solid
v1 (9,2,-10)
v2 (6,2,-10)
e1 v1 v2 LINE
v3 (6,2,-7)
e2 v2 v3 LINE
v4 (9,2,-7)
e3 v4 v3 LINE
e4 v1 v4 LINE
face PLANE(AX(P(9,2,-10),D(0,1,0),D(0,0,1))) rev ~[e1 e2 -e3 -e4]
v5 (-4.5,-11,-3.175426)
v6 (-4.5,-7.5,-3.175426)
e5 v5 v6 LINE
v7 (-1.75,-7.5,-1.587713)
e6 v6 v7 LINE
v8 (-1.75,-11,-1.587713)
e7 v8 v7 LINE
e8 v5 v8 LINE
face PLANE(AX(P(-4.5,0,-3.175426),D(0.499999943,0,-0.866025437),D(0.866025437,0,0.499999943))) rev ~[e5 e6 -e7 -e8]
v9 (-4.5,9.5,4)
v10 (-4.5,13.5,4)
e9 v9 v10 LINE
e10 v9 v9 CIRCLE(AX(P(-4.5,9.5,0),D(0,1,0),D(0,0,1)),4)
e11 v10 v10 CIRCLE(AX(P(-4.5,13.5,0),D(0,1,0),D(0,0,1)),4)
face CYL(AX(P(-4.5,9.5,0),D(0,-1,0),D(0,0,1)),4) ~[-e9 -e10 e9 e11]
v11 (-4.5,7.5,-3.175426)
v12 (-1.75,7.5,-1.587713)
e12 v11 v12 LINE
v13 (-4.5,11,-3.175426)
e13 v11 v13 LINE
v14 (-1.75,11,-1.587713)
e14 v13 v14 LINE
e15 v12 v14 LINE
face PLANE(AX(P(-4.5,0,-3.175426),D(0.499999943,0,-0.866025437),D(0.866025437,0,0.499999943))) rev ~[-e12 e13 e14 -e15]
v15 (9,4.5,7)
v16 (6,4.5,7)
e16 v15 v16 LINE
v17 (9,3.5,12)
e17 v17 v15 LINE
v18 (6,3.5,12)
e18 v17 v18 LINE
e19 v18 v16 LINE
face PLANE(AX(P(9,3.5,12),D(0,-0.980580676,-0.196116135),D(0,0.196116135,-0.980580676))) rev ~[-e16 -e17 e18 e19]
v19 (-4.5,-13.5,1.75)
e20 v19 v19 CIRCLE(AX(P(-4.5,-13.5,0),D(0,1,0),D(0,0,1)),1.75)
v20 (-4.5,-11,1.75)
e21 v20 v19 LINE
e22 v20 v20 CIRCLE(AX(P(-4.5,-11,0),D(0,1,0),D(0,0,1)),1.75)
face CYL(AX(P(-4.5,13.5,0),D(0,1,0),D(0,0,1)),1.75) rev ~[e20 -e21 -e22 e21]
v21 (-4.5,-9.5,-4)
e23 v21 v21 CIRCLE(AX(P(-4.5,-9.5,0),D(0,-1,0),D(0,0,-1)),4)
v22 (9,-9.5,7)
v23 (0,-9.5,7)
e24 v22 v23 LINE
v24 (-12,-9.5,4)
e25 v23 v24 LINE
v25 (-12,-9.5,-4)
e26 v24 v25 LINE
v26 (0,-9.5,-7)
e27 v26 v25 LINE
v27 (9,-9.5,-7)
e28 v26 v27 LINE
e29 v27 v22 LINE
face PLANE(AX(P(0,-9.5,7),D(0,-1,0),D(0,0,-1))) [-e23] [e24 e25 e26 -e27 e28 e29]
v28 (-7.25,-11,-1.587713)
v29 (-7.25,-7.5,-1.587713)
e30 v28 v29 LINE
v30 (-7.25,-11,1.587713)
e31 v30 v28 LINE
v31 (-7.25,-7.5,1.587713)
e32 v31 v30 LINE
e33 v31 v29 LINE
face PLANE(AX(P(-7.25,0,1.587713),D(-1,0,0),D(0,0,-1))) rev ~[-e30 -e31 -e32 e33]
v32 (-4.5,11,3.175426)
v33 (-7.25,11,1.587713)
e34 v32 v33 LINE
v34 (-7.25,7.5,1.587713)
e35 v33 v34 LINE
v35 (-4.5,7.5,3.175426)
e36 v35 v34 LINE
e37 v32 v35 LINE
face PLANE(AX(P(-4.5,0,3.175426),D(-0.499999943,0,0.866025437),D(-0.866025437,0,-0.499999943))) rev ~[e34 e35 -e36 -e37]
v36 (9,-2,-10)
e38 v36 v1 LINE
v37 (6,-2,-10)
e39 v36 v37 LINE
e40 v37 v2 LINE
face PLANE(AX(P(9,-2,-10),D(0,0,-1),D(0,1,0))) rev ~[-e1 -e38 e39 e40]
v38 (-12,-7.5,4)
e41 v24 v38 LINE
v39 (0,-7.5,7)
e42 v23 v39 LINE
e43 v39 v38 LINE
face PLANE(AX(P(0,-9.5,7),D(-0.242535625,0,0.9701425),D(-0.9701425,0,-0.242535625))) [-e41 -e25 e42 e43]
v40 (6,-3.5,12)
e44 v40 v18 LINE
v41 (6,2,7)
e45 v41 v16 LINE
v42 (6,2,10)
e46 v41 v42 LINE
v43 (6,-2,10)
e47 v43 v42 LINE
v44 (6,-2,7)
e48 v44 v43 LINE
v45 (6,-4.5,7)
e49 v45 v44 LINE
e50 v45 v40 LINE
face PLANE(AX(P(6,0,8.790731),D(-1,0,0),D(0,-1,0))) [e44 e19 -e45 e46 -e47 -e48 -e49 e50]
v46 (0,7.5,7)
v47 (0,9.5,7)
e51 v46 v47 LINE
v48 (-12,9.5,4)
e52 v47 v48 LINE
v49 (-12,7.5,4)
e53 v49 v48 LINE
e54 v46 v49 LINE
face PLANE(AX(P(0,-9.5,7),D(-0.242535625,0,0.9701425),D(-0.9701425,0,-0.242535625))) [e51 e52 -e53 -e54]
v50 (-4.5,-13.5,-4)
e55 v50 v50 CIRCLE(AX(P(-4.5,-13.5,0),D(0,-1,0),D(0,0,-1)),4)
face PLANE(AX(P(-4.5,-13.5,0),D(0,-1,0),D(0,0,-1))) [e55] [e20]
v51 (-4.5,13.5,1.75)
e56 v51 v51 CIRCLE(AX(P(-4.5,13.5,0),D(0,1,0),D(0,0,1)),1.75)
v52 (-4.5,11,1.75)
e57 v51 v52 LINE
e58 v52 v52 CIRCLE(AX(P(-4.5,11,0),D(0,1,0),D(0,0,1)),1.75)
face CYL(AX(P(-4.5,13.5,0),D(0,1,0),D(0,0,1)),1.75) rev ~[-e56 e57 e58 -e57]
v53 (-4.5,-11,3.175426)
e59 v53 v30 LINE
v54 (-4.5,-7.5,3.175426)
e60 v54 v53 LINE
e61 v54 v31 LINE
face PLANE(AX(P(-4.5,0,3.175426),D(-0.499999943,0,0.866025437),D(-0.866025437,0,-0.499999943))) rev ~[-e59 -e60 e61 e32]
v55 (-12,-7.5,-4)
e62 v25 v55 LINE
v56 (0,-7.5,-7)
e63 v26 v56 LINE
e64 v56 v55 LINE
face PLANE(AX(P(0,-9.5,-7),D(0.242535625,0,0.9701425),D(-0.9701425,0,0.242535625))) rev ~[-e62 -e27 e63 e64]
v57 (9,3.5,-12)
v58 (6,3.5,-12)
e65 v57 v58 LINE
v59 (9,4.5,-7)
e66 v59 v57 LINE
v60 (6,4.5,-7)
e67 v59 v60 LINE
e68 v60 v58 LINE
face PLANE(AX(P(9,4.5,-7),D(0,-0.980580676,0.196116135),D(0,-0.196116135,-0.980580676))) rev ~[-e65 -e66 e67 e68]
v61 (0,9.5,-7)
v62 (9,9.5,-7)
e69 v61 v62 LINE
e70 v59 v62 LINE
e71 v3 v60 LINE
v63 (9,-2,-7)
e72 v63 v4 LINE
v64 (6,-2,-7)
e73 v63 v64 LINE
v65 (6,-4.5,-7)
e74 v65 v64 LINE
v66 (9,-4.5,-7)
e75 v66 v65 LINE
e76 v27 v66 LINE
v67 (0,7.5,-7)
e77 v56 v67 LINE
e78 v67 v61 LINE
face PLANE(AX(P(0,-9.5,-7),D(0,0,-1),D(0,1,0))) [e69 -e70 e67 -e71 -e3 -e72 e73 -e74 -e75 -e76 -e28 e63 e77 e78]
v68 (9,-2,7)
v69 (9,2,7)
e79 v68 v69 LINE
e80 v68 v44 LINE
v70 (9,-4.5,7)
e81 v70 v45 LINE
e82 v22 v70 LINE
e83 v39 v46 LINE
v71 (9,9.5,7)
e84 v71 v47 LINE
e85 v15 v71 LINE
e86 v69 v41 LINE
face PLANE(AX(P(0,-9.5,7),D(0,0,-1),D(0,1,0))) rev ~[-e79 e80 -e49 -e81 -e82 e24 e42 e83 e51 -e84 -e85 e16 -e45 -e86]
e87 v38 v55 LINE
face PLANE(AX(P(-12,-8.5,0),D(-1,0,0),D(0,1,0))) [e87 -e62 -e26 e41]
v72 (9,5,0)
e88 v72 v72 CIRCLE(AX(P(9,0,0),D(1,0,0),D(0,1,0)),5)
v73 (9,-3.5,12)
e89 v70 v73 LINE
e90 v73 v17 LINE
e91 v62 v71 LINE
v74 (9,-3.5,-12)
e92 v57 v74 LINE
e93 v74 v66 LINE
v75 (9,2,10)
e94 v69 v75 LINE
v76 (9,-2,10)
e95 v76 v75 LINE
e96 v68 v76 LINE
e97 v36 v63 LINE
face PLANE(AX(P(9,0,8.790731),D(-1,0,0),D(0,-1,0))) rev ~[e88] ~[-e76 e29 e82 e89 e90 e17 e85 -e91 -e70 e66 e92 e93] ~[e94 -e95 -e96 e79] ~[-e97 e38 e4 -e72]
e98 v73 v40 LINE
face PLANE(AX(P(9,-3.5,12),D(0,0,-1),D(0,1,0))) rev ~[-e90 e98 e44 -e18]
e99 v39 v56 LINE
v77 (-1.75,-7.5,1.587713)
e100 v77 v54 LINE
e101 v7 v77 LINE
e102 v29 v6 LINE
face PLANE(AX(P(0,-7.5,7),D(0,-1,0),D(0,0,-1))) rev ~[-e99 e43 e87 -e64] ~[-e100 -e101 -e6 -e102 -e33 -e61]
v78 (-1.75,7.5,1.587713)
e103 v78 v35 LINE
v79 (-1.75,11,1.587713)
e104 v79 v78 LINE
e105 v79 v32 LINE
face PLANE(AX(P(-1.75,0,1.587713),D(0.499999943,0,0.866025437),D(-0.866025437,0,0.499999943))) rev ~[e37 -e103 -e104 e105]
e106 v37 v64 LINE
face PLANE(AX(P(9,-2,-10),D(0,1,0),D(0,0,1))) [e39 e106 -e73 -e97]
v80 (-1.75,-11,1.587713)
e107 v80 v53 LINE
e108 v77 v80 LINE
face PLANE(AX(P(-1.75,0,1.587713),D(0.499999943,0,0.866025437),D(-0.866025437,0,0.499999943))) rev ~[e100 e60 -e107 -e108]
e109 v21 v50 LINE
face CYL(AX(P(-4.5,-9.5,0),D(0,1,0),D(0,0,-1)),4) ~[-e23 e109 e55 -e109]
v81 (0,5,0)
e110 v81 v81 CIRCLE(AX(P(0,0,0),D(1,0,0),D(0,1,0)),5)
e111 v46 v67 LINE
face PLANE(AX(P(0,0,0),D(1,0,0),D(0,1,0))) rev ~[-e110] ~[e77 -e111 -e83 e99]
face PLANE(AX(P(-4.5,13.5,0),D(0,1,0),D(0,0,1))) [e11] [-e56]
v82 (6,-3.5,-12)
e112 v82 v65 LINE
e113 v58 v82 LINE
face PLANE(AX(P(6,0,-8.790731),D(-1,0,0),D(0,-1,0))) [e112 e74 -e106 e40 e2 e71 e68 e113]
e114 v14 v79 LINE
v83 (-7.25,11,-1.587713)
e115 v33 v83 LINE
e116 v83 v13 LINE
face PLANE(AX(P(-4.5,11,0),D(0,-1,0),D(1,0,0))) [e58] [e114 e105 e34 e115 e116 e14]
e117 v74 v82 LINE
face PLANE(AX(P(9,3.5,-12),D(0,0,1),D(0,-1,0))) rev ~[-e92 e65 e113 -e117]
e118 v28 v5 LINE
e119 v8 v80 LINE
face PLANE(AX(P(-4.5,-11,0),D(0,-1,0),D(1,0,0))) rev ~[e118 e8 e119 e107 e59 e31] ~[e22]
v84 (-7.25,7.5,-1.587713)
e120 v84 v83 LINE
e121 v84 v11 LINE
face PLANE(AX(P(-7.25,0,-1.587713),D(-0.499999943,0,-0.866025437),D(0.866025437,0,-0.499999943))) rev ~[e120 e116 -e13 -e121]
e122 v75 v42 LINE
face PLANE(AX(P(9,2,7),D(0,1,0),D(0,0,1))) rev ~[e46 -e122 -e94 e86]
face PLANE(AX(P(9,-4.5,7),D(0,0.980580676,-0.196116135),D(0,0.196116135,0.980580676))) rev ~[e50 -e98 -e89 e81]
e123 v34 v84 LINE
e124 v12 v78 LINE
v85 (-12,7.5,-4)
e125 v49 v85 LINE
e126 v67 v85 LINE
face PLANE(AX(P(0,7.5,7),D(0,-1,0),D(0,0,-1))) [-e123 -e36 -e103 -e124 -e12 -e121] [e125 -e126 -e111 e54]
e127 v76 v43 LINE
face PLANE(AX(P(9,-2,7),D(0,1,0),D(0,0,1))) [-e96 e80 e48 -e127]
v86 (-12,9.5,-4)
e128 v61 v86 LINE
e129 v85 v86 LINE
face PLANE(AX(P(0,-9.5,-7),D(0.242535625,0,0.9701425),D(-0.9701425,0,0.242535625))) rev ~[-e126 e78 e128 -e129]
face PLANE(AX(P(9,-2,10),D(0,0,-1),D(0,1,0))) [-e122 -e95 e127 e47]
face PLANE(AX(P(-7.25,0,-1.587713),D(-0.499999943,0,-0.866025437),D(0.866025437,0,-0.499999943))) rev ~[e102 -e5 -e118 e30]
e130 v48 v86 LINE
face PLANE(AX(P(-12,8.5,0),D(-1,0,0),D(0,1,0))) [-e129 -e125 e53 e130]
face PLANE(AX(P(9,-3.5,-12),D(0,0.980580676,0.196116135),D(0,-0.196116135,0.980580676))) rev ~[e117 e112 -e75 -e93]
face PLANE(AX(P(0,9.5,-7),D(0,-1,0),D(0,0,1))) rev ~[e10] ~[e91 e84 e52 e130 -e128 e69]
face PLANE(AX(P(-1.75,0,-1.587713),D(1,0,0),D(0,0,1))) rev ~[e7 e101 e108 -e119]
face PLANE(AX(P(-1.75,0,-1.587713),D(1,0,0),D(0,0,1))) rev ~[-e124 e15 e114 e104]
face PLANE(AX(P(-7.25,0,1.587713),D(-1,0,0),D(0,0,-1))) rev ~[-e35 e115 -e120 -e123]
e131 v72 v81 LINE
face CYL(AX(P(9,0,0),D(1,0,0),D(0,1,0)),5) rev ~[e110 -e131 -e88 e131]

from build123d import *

# Parameters (mm, degrees)
SKETCH_W        = 19
SKETCH_H        = 14
PAD_DEPTH       = 9
SKETCH001_R     = 5
POCKET_DEPTH    = 9
SKETCH002_W     = 2
SKETCH002_H     = 14
PAD001_DEPTH    = 12
POCKET001_DEPTH = 19.001
SKETCH004_R     = 4
PAD002_DEPTH    = 4
SKETCH005_R     = 4
PAD003_DEPTH    = 4
SKETCH006_R     = 1.75
POCKET002_DEPTH = 27.001
POCKET003_DEPTH = 11
SKETCH008_W     = 4
SKETCH008_H     = 3
PAD004_DEPTH    = 3


with BuildPart() as part:
    # Sketch → Pad (new body)
    with BuildSketch(Plane.YZ):
        Rectangle(SKETCH_W, SKETCH_H)
    extrude(amount=PAD_DEPTH)

    # Sketch001 (on Face6 of Pad) → Pocket (cut)
    with BuildSketch(Plane.YZ.offset(9)):
        Circle(SKETCH001_R)
    extrude(amount=-POCKET_DEPTH, mode=Mode.SUBTRACT)

    # Sketch002 (on Face4 of Pocket) → Pad001 (join)
    with BuildSketch(Plane(origin=(0, 0, 0), x_dir=(0, 1, 0), z_dir=(-1, 0, 0))):
        with Locations((-8.5, 0)):
            Rectangle(SKETCH002_W, SKETCH002_H)
        with Locations((8.5, 0)):
            Rectangle(SKETCH002_W, SKETCH002_H)
    extrude(amount=PAD001_DEPTH)

    # Sketch003 (on Face9 of Pad001) → Pocket001 (cut, through all)
    with BuildSketch(Plane(origin=(0, -9.5, 0), x_dir=(0, 0, -1), z_dir=(0, -1, 0))):
        Polygon((-4, -12), (-7, -12), (-7, 0), align=None)
        Polygon((7, 0), (4, -12), (7, -12), align=None)
    extrude(amount=-POCKET001_DEPTH, mode=Mode.SUBTRACT)

    # Sketch004 (on Face2 of Pocket001) → Pad002 (join)
    with BuildSketch(Plane(origin=(0, -9.5, 0), x_dir=(0, 0, -1), z_dir=(0, -1, 0))):
        with Locations((0, -4.5)):
            Circle(SKETCH004_R)
    extrude(amount=PAD002_DEPTH)

    # Sketch005 (on Face3 of Pad002) → Pad003 (join)
    with BuildSketch(Plane.ZX.offset(9.5)):
        with Locations((0, -4.5)):
            Circle(SKETCH005_R)
    extrude(amount=PAD003_DEPTH)

    # Sketch006 (on Face21 of Pad003) → Pocket002 (cut, through all)
    with BuildSketch(Plane.ZX.offset(13.5)):
        with Locations((0, -4.5)):
            Circle(SKETCH006_R)
    extrude(amount=-POCKET002_DEPTH, mode=Mode.SUBTRACT)

    # Sketch007 → Pocket003 (cut, symmetric)
    with BuildSketch(Plane.XZ):
        Polygon((-1.75, -1.587713), (-1.75, 1.587713), (-4.5, 3.175426), (-7.25, 1.587713), (-7.25, -1.587713), (-4.5, -3.175426), align=None)
    extrude(amount=POCKET003_DEPTH, both=True, mode=Mode.SUBTRACT)

    # Sketch008 (on DatumPlane) → Pad004 (join)
    with BuildSketch(Plane.YZ.offset(9)):
        Polygon((-4.5, 7), (-3.5, 12), (3.5, 12), (4.5, 7), (4.5, 6), (-4.5, 6), align=None)
        with Locations((0, 8.5)):
            Rectangle(SKETCH008_W, SKETCH008_H, mode=Mode.SUBTRACT)
        Polygon((4.5, -7), (3.5, -12), (-3.5, -12), (-4.5, -7), (-4.5, -6), (4.5, -6), align=None)
        with Locations((0, -8.5)):
            Rectangle(SKETCH008_W, SKETCH008_H, mode=Mode.SUBTRACT)
    extrude(amount=-PAD004_DEPTH)


solid = part.part
